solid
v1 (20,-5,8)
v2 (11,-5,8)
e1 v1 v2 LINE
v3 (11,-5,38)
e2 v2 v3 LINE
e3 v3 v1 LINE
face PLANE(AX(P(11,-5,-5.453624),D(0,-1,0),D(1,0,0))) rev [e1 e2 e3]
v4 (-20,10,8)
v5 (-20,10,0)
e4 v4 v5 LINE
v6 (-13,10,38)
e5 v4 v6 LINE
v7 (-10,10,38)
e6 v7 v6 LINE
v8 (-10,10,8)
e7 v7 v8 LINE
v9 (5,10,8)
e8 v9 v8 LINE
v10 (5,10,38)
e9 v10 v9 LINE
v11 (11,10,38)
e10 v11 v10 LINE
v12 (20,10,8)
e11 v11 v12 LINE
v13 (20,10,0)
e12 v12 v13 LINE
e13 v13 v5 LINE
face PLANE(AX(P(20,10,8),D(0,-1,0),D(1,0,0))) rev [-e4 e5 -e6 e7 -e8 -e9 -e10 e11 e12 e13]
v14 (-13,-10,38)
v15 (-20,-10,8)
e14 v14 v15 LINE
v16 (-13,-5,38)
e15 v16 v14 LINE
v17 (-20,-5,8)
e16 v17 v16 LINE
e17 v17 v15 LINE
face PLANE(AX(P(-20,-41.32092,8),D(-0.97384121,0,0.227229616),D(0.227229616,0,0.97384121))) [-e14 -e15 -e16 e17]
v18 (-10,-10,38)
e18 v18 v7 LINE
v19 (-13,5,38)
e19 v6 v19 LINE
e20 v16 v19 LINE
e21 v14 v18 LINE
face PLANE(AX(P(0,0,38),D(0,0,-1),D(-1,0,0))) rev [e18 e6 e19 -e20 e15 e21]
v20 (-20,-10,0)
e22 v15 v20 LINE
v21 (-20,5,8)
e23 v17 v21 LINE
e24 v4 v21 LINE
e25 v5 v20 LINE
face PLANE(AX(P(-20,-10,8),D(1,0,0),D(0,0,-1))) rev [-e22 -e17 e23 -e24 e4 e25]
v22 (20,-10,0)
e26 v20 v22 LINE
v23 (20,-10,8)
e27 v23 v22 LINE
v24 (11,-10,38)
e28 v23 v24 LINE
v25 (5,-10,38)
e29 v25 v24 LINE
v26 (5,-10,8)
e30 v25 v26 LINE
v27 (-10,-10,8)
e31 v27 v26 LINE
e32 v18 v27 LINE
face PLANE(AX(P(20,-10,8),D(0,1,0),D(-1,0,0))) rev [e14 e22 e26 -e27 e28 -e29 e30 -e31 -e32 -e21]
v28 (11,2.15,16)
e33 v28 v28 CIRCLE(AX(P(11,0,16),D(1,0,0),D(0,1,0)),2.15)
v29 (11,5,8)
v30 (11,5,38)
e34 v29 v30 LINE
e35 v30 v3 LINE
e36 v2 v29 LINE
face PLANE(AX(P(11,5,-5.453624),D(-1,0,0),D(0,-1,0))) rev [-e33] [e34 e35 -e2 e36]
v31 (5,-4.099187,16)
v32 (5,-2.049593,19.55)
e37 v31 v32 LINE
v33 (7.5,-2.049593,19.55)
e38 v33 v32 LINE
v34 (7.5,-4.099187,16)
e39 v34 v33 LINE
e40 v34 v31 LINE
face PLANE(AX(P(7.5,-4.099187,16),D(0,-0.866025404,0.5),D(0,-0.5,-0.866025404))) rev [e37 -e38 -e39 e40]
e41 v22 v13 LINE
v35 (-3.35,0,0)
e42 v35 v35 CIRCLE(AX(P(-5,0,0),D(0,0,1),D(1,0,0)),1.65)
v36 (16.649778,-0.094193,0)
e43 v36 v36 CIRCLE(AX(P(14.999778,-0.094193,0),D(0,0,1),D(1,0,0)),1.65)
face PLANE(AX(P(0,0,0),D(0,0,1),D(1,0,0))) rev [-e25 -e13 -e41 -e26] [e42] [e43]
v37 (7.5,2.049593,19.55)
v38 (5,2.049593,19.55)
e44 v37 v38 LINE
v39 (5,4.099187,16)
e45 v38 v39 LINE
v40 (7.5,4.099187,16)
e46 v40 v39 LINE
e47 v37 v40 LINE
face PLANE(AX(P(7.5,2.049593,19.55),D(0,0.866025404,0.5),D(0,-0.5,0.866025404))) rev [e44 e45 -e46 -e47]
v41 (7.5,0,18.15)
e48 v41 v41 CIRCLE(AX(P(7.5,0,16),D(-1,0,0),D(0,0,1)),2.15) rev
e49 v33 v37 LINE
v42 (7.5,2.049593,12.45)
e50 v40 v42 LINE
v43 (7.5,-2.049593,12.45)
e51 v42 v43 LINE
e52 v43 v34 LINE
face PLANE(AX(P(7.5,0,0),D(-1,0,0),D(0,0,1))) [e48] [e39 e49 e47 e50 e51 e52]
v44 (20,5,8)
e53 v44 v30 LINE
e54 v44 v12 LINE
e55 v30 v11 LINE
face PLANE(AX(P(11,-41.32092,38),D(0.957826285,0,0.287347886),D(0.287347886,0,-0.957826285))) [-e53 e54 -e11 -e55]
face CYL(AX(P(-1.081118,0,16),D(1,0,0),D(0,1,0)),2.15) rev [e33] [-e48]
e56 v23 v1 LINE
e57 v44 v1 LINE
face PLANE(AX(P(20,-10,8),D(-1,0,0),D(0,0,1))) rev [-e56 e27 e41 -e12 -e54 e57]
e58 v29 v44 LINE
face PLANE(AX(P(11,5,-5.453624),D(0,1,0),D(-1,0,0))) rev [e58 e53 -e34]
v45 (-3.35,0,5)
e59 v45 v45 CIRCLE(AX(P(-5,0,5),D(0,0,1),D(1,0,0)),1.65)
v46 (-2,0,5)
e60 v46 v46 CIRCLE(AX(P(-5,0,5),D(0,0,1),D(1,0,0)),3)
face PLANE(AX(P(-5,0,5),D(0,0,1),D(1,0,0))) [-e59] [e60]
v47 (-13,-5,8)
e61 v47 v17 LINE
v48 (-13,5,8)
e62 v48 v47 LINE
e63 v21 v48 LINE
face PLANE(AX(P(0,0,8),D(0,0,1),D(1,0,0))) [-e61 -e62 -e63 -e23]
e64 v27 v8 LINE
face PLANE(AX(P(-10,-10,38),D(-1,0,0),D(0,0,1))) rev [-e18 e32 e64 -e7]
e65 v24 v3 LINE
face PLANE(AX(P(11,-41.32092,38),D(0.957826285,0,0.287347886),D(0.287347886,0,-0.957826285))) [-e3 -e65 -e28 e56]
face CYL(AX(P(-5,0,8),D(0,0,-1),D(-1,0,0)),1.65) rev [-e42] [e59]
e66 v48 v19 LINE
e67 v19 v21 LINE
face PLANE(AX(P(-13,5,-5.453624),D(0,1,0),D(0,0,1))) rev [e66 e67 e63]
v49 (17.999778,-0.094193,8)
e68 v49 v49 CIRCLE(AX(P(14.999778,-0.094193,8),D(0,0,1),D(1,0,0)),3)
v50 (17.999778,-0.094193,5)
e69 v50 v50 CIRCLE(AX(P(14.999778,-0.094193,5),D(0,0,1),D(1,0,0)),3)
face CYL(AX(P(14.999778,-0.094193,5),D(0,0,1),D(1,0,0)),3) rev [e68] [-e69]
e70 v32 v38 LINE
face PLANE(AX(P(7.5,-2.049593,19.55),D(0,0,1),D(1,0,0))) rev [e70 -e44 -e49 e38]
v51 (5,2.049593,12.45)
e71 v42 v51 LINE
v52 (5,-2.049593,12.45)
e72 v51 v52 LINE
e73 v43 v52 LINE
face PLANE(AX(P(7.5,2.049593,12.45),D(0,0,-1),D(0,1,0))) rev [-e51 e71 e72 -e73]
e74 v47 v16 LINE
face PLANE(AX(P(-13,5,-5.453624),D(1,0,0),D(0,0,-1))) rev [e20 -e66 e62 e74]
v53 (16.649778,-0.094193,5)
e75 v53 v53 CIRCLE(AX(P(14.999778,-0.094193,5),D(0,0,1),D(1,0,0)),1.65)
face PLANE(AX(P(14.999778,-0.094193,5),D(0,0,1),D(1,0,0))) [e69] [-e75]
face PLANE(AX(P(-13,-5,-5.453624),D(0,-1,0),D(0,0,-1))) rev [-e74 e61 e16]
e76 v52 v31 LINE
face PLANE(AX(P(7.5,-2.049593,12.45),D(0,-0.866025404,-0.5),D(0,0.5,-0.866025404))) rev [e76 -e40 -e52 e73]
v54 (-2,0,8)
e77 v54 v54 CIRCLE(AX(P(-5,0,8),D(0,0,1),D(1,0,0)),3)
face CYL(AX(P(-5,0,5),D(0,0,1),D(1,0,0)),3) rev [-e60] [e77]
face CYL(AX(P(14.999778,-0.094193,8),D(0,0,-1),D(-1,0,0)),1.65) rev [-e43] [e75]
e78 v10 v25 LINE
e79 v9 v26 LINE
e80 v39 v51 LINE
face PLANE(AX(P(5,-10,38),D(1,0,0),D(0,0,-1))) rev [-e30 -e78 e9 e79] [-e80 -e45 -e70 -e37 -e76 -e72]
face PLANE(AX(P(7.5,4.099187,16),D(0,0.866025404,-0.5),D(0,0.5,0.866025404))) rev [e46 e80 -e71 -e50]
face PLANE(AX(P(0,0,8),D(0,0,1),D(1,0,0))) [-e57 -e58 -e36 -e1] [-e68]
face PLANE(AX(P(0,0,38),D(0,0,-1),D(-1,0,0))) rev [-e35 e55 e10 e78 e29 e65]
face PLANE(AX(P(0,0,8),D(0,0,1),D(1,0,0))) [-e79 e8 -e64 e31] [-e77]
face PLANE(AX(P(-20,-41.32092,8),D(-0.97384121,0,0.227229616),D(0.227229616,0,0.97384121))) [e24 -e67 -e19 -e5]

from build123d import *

# Parameters (mm, degrees)
SKETCH1_W           = 40
SKETCH1_H           = 20
SKETCH1_R           = 1.65
BOSS_EXTRUDE1_DEPTH = 8
SKETCH3_W           = 3
SKETCH3_H           = 20
SKETCH3_W_2         = 6
BOSS_EXTRUDE2_DEPTH = 30
BOSS_EXTRUDE3_DEPTH = 20
SKETCH6_W           = 7
SKETCH6_H           = 10
SKETCH6_W_2         = 9
CUT_EXTRUDE2_DEPTH  = 30
SKETCH7_R           = 2.15
CUT_EXTRUDE3_DEPTH  = 6
CUT_EXTRUDE4_DEPTH  = 2.5
SKETCH10_R          = 3
CUT_EXTRUDE5_DEPTH  = 3


with BuildPart() as part:
    # Sketch1 → Boss-Extrude1 (new body)
    with BuildSketch(Plane.XY):
        Rectangle(SKETCH1_W, SKETCH1_H)
        with Locations((-5, 0)):
            Circle(SKETCH1_R, mode=Mode.SUBTRACT)
        with Locations((14.999778189, -0.094193404)):
            Circle(SKETCH1_R, mode=Mode.SUBTRACT)
    extrude(amount=BOSS_EXTRUDE1_DEPTH)

    # Sketch3 → Boss-Extrude2 (add)
    with BuildSketch(Plane.XY.offset(8)):
        with Locations((-11.5, 0)):
            Rectangle(SKETCH3_W, SKETCH3_H)
        with Locations((8, 0)):
            Rectangle(SKETCH3_W_2, SKETCH3_H)
    extrude(amount=BOSS_EXTRUDE2_DEPTH)

    # Sketch5 → Boss-Extrude3 (add)
    with BuildSketch(Plane(origin=(0, 10, 0), x_dir=(1, 0, 0), z_dir=(0, 1, 0))):
        Polygon((-20, -8), (-13, -38), (-13, -8), align=None)
        Polygon((20, -8), (11, -8), (11, -38), align=None)
    extrude(amount=-BOSS_EXTRUDE3_DEPTH)

    # Sketch6 → Cut-Extrude2 (cut)
    with BuildSketch(Plane.XY.offset(38)):
        with Locations((-16.5, 0)):
            Rectangle(SKETCH6_W, SKETCH6_H)
        with Locations((15.5, 0)):
            Rectangle(SKETCH6_W_2, SKETCH6_H)
    extrude(amount=-CUT_EXTRUDE2_DEPTH, mode=Mode.SUBTRACT)

    # Sketch7 → Cut-Extrude3 (cut)
    with BuildSketch(Plane(origin=(11, 0, 0), x_dir=(0, 0, -1), z_dir=(1, 0, 0))):
        with Locations(Location((-16, 0, 0), (0, 0, 90))):
            Circle(SKETCH7_R)
    extrude(amount=-CUT_EXTRUDE3_DEPTH, mode=Mode.SUBTRACT)

    # Sketch8 → Cut-Extrude4 (cut)
    with BuildSketch(Plane.ZY.offset(-5)):
        Polygon((19.55, 2.049593456), (16, 4.099186911), (12.45, 2.049593456), (12.45, -2.049593456), (16, -4.099186911), (19.55, -2.049593456), align=None)
    extrude(amount=-CUT_EXTRUDE4_DEPTH, mode=Mode.SUBTRACT)

    # Sketch10 → Cut-Extrude5 (cut)
    with BuildSketch(Plane.XY.offset(8)):
        with Locations((-5, 0)):
            Circle(SKETCH10_R)
        with Locations((14.999778189, -0.094193404)):
            Circle(SKETCH10_R)
    extrude(amount=-CUT_EXTRUDE5_DEPTH, mode=Mode.SUBTRACT)


solid = part.part
